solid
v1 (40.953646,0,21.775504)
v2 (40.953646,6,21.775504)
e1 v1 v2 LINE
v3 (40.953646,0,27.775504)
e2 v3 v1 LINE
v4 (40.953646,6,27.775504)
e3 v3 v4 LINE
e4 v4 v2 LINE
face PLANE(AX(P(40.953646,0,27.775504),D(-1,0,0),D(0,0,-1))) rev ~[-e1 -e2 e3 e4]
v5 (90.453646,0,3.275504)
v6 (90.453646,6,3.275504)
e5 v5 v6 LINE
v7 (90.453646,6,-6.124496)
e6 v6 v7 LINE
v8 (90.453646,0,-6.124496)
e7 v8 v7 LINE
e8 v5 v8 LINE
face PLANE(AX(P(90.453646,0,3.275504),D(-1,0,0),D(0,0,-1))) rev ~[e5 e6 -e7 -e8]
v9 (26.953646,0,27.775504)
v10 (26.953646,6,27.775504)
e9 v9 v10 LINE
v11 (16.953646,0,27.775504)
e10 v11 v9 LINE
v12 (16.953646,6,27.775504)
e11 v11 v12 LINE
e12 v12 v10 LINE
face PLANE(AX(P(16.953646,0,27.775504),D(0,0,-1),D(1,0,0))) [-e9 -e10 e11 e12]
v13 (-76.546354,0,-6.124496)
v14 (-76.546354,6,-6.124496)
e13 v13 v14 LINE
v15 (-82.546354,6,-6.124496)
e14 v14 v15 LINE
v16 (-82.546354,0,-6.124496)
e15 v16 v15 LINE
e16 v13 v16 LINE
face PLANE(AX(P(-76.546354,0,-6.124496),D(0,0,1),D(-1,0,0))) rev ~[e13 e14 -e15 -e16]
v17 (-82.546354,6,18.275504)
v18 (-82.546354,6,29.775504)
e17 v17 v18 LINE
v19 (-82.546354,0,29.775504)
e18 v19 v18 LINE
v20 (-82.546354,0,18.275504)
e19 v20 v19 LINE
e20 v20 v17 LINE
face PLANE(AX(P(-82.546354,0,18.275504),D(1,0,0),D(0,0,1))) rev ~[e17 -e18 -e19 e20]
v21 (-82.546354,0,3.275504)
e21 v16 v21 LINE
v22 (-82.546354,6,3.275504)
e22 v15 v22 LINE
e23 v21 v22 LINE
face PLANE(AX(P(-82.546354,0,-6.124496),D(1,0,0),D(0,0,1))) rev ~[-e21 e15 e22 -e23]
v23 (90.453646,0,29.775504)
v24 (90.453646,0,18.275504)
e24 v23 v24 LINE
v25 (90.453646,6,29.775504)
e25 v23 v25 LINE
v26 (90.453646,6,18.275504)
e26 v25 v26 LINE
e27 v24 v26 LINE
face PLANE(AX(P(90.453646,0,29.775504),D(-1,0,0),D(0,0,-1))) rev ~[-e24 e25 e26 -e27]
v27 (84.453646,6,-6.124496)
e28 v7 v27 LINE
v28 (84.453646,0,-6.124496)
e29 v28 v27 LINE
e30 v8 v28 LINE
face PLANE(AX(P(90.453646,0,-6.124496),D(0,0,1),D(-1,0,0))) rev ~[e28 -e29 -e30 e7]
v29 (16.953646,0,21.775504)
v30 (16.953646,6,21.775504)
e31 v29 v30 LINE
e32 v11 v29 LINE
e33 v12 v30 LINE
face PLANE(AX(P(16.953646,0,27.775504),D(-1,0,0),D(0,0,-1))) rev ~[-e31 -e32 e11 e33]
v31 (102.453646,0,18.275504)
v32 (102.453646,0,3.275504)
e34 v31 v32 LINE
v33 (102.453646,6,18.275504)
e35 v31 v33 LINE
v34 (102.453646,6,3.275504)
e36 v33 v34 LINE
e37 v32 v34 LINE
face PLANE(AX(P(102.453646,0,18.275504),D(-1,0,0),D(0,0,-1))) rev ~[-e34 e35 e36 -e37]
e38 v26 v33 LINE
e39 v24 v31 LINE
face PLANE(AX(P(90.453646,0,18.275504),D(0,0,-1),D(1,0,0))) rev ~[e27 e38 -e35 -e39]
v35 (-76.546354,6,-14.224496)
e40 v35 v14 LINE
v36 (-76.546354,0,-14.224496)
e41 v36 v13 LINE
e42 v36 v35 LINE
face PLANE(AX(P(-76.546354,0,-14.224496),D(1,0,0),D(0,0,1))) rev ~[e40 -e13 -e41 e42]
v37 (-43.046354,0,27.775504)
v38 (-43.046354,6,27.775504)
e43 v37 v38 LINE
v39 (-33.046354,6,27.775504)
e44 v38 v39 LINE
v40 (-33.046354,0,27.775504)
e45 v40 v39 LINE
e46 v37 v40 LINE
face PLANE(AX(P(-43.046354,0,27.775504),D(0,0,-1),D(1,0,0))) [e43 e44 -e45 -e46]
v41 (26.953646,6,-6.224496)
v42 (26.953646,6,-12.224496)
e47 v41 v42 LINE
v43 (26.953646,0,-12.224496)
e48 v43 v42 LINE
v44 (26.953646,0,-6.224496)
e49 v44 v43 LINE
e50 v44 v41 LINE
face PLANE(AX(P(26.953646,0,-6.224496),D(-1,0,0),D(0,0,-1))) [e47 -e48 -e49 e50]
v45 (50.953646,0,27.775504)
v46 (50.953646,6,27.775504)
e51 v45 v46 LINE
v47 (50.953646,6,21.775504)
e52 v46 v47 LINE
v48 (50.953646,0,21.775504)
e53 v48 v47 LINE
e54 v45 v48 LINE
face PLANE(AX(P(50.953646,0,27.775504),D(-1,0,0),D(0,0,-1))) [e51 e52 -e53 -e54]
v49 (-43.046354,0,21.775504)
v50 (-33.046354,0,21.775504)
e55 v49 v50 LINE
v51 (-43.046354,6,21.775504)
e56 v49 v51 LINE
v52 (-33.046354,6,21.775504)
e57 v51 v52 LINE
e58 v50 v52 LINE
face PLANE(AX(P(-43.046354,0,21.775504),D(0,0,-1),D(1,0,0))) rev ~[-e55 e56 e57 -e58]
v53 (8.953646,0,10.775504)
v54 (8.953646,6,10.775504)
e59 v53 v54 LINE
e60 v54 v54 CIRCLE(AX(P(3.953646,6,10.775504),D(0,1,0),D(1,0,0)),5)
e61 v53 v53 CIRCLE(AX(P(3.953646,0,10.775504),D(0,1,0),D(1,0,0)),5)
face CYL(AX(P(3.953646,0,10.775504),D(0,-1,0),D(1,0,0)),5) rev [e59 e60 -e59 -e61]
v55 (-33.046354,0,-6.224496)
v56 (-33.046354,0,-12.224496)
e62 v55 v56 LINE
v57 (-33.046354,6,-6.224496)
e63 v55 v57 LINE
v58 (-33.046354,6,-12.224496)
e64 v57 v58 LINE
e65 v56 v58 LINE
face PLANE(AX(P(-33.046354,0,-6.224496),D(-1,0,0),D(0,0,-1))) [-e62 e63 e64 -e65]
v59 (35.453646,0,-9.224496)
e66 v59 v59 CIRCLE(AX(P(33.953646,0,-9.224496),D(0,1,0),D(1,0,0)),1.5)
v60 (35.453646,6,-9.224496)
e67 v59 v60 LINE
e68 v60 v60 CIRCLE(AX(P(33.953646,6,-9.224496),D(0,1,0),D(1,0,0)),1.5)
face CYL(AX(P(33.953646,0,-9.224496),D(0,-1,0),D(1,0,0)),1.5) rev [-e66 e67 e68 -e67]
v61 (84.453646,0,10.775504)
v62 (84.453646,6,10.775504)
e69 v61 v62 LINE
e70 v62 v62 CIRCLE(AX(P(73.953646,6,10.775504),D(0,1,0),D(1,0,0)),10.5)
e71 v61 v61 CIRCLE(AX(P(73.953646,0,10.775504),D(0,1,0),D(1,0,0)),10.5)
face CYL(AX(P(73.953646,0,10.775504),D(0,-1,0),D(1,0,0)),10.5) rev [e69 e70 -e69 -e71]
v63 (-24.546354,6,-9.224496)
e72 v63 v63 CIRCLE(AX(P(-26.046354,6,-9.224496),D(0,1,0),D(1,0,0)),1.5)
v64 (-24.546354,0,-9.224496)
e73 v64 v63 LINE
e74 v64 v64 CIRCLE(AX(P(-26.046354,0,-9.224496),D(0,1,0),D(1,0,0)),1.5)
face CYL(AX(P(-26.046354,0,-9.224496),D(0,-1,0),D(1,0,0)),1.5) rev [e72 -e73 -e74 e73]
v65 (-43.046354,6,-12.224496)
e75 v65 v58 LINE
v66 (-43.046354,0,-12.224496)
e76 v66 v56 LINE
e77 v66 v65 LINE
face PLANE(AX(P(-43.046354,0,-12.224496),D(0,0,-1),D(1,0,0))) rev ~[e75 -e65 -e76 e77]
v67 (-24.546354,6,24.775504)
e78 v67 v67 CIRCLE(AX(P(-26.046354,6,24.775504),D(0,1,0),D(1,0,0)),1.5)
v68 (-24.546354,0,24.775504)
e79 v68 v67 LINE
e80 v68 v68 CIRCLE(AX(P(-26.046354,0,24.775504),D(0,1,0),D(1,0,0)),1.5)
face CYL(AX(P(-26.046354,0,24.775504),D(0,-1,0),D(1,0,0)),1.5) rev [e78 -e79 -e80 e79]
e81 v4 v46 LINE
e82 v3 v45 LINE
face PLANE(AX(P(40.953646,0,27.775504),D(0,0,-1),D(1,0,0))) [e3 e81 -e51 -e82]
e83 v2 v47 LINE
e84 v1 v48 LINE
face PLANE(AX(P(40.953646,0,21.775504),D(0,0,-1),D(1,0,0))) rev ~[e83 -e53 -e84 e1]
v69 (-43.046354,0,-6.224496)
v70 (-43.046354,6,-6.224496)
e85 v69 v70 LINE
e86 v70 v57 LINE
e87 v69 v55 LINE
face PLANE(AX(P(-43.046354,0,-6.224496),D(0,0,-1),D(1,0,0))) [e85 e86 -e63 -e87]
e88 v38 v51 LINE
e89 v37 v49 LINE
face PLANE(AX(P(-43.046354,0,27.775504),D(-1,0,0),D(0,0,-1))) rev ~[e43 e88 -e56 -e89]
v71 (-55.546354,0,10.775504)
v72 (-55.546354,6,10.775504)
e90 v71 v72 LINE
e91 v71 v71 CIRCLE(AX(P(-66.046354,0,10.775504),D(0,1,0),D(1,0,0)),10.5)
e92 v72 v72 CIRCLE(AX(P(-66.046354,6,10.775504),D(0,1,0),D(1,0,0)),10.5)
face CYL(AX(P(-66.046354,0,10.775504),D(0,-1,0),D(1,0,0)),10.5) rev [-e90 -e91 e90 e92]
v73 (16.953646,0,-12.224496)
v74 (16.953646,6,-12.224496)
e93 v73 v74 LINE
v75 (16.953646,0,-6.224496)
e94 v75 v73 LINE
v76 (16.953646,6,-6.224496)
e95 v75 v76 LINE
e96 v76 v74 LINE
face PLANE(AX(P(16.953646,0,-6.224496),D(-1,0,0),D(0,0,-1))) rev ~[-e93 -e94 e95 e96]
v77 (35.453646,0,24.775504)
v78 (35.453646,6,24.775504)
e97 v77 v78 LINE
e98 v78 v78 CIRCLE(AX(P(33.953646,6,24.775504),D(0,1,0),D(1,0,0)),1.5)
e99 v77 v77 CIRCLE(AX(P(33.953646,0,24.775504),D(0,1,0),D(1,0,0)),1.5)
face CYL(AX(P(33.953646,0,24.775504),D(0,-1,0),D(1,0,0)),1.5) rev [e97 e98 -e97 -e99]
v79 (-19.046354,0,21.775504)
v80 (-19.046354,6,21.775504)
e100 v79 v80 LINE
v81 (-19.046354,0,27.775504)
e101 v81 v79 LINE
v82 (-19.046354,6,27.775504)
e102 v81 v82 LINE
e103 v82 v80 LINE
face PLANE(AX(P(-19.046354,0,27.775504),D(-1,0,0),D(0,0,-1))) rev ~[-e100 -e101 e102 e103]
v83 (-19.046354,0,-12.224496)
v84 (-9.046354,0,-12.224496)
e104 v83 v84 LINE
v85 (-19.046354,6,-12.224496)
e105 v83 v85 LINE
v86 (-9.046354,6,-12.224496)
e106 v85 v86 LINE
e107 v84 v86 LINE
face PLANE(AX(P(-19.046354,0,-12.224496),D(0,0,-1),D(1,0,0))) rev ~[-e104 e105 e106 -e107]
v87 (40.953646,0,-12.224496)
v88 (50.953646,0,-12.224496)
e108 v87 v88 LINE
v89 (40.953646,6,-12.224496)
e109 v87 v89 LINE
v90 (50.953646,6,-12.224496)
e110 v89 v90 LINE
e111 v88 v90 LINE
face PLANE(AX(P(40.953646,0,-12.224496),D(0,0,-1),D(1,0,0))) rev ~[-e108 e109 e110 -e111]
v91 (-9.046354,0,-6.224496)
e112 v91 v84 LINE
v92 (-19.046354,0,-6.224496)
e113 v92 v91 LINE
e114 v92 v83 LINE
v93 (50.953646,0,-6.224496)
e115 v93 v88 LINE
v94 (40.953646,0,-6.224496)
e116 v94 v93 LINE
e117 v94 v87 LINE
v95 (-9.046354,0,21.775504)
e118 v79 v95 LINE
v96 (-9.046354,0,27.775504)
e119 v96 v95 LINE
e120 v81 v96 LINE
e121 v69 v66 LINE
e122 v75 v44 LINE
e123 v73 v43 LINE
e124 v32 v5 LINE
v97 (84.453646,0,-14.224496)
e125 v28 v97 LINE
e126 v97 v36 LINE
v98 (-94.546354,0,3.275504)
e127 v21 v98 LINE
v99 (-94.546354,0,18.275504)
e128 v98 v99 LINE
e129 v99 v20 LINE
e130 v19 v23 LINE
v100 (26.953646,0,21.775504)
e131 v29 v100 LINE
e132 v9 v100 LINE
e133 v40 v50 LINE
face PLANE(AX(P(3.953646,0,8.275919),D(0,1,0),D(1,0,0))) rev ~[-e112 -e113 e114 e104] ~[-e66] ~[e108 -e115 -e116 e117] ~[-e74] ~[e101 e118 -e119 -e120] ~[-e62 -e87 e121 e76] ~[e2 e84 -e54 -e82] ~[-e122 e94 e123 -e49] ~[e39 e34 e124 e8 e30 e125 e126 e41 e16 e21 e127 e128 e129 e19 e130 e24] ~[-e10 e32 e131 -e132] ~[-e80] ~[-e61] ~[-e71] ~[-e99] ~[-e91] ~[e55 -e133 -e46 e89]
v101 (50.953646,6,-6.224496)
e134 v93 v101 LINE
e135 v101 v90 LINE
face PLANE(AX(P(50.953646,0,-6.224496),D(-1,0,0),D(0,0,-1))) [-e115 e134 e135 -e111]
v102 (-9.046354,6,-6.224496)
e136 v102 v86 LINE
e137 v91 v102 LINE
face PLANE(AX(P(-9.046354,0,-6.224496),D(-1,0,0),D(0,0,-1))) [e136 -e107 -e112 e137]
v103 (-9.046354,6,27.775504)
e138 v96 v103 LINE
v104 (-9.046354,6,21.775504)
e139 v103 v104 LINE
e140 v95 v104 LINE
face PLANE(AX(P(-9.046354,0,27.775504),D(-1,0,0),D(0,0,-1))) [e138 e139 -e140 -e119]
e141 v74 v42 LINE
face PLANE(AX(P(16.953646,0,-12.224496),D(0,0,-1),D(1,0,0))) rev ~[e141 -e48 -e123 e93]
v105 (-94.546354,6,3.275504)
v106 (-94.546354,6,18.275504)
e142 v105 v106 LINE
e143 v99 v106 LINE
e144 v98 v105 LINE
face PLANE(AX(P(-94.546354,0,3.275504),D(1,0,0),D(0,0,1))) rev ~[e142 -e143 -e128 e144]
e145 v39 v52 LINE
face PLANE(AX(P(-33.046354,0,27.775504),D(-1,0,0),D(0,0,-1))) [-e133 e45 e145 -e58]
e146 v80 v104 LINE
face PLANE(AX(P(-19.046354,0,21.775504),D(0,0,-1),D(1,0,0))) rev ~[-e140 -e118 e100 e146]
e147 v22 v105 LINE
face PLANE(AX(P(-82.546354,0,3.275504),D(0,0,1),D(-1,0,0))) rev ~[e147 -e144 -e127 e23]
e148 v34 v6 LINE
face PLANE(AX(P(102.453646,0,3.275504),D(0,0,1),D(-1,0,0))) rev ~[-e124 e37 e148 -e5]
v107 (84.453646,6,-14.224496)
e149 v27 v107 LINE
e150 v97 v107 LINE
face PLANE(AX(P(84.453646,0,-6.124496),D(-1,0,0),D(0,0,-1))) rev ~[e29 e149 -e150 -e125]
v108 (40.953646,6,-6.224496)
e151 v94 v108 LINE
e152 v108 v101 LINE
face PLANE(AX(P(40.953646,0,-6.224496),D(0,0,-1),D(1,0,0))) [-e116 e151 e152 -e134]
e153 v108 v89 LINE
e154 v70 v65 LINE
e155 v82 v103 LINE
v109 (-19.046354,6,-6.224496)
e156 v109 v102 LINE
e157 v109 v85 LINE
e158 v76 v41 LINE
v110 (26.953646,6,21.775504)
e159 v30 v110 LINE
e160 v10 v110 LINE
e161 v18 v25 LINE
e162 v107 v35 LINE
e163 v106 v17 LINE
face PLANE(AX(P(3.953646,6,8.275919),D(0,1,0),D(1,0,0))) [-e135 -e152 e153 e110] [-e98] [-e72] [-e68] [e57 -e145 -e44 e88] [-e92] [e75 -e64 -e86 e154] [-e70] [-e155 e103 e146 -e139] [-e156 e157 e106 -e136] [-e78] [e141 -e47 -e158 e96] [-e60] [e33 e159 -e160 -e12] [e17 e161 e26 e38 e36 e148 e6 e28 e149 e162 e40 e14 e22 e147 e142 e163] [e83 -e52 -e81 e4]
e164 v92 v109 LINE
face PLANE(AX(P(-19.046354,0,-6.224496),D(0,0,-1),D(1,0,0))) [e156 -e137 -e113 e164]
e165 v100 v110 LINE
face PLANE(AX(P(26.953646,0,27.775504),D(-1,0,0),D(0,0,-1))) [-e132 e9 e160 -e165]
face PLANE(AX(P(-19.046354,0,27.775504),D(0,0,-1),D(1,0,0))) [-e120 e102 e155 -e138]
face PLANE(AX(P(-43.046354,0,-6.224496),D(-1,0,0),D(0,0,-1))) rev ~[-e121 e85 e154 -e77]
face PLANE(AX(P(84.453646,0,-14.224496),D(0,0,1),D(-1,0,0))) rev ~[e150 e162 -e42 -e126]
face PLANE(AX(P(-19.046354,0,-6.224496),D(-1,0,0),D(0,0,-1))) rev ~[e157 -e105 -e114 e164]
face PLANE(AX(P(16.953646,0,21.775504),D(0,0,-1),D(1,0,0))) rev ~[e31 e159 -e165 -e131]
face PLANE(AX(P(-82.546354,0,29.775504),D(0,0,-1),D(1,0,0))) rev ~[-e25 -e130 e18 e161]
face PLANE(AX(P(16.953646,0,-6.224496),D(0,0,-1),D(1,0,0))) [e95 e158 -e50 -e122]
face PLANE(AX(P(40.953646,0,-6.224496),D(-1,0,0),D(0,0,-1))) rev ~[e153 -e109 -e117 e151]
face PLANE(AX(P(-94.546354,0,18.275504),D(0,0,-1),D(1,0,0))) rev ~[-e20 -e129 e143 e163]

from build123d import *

# Parameters (mm, degrees)
SKETCH_1_R      = 1.5
SKETCH_1_R_2    = 10.5
SKETCH_1_R_3    = 5
SKETCH_1_W      = 10
SKETCH_1_H      = 6
EXTRUDE_1_DEPTH = 6


with BuildPart() as part:
    # Эскиз1 → Бобышка-Вытянуть1 (new body)
    with BuildSketch(Plane(origin=(0, 0, 0), x_dir=(1, 0, 0), z_dir=(0, 1, 0))):
        Polygon((90.453646354, -29.775504496), (90.453646354, -18.275504496), (102.453646354, -18.275504496), (102.453646354, -3.275504496), (90.453646354, -3.275504496), (90.453646354, 6.124495504), (84.453646354, 6.124495504), (84.453646354, 14.224495504), (-76.546353646, 14.224495504), (-76.546353646, 6.124495504), (-82.546353646, 6.124495504), (-82.546353646, -3.275504496), (-94.546353646, -3.275504496), (-94.546353646, -18.275504496), (-82.546353646, -18.275504496), (-82.546353646, -29.775504496), align=None)
        with Locations((-26.046353646, -24.775504496)):
            Circle(SKETCH_1_R, mode=Mode.SUBTRACT)
        with Locations((-66.046353646, -10.775504496)):
            Circle(SKETCH_1_R_2, mode=Mode.SUBTRACT)
        with Locations((-26.046353646, 9.224495504)):
            Circle(SKETCH_1_R, mode=Mode.SUBTRACT)
        with Locations((33.953646354, -24.775504496)):
            Circle(SKETCH_1_R, mode=Mode.SUBTRACT)
        with Locations((73.953646354, -10.775504496)):
            Circle(SKETCH_1_R_2, mode=Mode.SUBTRACT)
        with Locations((33.953646354, 9.224495504)):
            Circle(SKETCH_1_R, mode=Mode.SUBTRACT)
        with Locations((3.953646354, -10.775504496)):
            Circle(SKETCH_1_R_3, mode=Mode.SUBTRACT)
        with Locations((-14.046353646, -24.775504496)):
            Rectangle(SKETCH_1_W, SKETCH_1_H, mode=Mode.SUBTRACT)
        with Locations((-38.046353646, -24.775504496)):
            Rectangle(SKETCH_1_W, SKETCH_1_H, mode=Mode.SUBTRACT)
        with Locations((-14.046353646, 9.224495504)):
            Rectangle(SKETCH_1_W, SKETCH_1_H, mode=Mode.SUBTRACT)
        with Locations((-38.046353646, 9.224495504)):
            Rectangle(SKETCH_1_W, SKETCH_1_H, mode=Mode.SUBTRACT)
        with Locations((21.953646354, -24.775504496)):
            Rectangle(SKETCH_1_W, SKETCH_1_H, mode=Mode.SUBTRACT)
        with Locations((45.953646354, -24.775504496)):
            Rectangle(SKETCH_1_W, SKETCH_1_H, mode=Mode.SUBTRACT)
        with Locations((21.953646354, 9.224495504)):
            Rectangle(SKETCH_1_W, SKETCH_1_H, mode=Mode.SUBTRACT)
        with Locations((45.953646354, 9.224495504)):
            Rectangle(SKETCH_1_W, SKETCH_1_H, mode=Mode.SUBTRACT)
    extrude(amount=EXTRUDE_1_DEPTH)


solid = part.part
